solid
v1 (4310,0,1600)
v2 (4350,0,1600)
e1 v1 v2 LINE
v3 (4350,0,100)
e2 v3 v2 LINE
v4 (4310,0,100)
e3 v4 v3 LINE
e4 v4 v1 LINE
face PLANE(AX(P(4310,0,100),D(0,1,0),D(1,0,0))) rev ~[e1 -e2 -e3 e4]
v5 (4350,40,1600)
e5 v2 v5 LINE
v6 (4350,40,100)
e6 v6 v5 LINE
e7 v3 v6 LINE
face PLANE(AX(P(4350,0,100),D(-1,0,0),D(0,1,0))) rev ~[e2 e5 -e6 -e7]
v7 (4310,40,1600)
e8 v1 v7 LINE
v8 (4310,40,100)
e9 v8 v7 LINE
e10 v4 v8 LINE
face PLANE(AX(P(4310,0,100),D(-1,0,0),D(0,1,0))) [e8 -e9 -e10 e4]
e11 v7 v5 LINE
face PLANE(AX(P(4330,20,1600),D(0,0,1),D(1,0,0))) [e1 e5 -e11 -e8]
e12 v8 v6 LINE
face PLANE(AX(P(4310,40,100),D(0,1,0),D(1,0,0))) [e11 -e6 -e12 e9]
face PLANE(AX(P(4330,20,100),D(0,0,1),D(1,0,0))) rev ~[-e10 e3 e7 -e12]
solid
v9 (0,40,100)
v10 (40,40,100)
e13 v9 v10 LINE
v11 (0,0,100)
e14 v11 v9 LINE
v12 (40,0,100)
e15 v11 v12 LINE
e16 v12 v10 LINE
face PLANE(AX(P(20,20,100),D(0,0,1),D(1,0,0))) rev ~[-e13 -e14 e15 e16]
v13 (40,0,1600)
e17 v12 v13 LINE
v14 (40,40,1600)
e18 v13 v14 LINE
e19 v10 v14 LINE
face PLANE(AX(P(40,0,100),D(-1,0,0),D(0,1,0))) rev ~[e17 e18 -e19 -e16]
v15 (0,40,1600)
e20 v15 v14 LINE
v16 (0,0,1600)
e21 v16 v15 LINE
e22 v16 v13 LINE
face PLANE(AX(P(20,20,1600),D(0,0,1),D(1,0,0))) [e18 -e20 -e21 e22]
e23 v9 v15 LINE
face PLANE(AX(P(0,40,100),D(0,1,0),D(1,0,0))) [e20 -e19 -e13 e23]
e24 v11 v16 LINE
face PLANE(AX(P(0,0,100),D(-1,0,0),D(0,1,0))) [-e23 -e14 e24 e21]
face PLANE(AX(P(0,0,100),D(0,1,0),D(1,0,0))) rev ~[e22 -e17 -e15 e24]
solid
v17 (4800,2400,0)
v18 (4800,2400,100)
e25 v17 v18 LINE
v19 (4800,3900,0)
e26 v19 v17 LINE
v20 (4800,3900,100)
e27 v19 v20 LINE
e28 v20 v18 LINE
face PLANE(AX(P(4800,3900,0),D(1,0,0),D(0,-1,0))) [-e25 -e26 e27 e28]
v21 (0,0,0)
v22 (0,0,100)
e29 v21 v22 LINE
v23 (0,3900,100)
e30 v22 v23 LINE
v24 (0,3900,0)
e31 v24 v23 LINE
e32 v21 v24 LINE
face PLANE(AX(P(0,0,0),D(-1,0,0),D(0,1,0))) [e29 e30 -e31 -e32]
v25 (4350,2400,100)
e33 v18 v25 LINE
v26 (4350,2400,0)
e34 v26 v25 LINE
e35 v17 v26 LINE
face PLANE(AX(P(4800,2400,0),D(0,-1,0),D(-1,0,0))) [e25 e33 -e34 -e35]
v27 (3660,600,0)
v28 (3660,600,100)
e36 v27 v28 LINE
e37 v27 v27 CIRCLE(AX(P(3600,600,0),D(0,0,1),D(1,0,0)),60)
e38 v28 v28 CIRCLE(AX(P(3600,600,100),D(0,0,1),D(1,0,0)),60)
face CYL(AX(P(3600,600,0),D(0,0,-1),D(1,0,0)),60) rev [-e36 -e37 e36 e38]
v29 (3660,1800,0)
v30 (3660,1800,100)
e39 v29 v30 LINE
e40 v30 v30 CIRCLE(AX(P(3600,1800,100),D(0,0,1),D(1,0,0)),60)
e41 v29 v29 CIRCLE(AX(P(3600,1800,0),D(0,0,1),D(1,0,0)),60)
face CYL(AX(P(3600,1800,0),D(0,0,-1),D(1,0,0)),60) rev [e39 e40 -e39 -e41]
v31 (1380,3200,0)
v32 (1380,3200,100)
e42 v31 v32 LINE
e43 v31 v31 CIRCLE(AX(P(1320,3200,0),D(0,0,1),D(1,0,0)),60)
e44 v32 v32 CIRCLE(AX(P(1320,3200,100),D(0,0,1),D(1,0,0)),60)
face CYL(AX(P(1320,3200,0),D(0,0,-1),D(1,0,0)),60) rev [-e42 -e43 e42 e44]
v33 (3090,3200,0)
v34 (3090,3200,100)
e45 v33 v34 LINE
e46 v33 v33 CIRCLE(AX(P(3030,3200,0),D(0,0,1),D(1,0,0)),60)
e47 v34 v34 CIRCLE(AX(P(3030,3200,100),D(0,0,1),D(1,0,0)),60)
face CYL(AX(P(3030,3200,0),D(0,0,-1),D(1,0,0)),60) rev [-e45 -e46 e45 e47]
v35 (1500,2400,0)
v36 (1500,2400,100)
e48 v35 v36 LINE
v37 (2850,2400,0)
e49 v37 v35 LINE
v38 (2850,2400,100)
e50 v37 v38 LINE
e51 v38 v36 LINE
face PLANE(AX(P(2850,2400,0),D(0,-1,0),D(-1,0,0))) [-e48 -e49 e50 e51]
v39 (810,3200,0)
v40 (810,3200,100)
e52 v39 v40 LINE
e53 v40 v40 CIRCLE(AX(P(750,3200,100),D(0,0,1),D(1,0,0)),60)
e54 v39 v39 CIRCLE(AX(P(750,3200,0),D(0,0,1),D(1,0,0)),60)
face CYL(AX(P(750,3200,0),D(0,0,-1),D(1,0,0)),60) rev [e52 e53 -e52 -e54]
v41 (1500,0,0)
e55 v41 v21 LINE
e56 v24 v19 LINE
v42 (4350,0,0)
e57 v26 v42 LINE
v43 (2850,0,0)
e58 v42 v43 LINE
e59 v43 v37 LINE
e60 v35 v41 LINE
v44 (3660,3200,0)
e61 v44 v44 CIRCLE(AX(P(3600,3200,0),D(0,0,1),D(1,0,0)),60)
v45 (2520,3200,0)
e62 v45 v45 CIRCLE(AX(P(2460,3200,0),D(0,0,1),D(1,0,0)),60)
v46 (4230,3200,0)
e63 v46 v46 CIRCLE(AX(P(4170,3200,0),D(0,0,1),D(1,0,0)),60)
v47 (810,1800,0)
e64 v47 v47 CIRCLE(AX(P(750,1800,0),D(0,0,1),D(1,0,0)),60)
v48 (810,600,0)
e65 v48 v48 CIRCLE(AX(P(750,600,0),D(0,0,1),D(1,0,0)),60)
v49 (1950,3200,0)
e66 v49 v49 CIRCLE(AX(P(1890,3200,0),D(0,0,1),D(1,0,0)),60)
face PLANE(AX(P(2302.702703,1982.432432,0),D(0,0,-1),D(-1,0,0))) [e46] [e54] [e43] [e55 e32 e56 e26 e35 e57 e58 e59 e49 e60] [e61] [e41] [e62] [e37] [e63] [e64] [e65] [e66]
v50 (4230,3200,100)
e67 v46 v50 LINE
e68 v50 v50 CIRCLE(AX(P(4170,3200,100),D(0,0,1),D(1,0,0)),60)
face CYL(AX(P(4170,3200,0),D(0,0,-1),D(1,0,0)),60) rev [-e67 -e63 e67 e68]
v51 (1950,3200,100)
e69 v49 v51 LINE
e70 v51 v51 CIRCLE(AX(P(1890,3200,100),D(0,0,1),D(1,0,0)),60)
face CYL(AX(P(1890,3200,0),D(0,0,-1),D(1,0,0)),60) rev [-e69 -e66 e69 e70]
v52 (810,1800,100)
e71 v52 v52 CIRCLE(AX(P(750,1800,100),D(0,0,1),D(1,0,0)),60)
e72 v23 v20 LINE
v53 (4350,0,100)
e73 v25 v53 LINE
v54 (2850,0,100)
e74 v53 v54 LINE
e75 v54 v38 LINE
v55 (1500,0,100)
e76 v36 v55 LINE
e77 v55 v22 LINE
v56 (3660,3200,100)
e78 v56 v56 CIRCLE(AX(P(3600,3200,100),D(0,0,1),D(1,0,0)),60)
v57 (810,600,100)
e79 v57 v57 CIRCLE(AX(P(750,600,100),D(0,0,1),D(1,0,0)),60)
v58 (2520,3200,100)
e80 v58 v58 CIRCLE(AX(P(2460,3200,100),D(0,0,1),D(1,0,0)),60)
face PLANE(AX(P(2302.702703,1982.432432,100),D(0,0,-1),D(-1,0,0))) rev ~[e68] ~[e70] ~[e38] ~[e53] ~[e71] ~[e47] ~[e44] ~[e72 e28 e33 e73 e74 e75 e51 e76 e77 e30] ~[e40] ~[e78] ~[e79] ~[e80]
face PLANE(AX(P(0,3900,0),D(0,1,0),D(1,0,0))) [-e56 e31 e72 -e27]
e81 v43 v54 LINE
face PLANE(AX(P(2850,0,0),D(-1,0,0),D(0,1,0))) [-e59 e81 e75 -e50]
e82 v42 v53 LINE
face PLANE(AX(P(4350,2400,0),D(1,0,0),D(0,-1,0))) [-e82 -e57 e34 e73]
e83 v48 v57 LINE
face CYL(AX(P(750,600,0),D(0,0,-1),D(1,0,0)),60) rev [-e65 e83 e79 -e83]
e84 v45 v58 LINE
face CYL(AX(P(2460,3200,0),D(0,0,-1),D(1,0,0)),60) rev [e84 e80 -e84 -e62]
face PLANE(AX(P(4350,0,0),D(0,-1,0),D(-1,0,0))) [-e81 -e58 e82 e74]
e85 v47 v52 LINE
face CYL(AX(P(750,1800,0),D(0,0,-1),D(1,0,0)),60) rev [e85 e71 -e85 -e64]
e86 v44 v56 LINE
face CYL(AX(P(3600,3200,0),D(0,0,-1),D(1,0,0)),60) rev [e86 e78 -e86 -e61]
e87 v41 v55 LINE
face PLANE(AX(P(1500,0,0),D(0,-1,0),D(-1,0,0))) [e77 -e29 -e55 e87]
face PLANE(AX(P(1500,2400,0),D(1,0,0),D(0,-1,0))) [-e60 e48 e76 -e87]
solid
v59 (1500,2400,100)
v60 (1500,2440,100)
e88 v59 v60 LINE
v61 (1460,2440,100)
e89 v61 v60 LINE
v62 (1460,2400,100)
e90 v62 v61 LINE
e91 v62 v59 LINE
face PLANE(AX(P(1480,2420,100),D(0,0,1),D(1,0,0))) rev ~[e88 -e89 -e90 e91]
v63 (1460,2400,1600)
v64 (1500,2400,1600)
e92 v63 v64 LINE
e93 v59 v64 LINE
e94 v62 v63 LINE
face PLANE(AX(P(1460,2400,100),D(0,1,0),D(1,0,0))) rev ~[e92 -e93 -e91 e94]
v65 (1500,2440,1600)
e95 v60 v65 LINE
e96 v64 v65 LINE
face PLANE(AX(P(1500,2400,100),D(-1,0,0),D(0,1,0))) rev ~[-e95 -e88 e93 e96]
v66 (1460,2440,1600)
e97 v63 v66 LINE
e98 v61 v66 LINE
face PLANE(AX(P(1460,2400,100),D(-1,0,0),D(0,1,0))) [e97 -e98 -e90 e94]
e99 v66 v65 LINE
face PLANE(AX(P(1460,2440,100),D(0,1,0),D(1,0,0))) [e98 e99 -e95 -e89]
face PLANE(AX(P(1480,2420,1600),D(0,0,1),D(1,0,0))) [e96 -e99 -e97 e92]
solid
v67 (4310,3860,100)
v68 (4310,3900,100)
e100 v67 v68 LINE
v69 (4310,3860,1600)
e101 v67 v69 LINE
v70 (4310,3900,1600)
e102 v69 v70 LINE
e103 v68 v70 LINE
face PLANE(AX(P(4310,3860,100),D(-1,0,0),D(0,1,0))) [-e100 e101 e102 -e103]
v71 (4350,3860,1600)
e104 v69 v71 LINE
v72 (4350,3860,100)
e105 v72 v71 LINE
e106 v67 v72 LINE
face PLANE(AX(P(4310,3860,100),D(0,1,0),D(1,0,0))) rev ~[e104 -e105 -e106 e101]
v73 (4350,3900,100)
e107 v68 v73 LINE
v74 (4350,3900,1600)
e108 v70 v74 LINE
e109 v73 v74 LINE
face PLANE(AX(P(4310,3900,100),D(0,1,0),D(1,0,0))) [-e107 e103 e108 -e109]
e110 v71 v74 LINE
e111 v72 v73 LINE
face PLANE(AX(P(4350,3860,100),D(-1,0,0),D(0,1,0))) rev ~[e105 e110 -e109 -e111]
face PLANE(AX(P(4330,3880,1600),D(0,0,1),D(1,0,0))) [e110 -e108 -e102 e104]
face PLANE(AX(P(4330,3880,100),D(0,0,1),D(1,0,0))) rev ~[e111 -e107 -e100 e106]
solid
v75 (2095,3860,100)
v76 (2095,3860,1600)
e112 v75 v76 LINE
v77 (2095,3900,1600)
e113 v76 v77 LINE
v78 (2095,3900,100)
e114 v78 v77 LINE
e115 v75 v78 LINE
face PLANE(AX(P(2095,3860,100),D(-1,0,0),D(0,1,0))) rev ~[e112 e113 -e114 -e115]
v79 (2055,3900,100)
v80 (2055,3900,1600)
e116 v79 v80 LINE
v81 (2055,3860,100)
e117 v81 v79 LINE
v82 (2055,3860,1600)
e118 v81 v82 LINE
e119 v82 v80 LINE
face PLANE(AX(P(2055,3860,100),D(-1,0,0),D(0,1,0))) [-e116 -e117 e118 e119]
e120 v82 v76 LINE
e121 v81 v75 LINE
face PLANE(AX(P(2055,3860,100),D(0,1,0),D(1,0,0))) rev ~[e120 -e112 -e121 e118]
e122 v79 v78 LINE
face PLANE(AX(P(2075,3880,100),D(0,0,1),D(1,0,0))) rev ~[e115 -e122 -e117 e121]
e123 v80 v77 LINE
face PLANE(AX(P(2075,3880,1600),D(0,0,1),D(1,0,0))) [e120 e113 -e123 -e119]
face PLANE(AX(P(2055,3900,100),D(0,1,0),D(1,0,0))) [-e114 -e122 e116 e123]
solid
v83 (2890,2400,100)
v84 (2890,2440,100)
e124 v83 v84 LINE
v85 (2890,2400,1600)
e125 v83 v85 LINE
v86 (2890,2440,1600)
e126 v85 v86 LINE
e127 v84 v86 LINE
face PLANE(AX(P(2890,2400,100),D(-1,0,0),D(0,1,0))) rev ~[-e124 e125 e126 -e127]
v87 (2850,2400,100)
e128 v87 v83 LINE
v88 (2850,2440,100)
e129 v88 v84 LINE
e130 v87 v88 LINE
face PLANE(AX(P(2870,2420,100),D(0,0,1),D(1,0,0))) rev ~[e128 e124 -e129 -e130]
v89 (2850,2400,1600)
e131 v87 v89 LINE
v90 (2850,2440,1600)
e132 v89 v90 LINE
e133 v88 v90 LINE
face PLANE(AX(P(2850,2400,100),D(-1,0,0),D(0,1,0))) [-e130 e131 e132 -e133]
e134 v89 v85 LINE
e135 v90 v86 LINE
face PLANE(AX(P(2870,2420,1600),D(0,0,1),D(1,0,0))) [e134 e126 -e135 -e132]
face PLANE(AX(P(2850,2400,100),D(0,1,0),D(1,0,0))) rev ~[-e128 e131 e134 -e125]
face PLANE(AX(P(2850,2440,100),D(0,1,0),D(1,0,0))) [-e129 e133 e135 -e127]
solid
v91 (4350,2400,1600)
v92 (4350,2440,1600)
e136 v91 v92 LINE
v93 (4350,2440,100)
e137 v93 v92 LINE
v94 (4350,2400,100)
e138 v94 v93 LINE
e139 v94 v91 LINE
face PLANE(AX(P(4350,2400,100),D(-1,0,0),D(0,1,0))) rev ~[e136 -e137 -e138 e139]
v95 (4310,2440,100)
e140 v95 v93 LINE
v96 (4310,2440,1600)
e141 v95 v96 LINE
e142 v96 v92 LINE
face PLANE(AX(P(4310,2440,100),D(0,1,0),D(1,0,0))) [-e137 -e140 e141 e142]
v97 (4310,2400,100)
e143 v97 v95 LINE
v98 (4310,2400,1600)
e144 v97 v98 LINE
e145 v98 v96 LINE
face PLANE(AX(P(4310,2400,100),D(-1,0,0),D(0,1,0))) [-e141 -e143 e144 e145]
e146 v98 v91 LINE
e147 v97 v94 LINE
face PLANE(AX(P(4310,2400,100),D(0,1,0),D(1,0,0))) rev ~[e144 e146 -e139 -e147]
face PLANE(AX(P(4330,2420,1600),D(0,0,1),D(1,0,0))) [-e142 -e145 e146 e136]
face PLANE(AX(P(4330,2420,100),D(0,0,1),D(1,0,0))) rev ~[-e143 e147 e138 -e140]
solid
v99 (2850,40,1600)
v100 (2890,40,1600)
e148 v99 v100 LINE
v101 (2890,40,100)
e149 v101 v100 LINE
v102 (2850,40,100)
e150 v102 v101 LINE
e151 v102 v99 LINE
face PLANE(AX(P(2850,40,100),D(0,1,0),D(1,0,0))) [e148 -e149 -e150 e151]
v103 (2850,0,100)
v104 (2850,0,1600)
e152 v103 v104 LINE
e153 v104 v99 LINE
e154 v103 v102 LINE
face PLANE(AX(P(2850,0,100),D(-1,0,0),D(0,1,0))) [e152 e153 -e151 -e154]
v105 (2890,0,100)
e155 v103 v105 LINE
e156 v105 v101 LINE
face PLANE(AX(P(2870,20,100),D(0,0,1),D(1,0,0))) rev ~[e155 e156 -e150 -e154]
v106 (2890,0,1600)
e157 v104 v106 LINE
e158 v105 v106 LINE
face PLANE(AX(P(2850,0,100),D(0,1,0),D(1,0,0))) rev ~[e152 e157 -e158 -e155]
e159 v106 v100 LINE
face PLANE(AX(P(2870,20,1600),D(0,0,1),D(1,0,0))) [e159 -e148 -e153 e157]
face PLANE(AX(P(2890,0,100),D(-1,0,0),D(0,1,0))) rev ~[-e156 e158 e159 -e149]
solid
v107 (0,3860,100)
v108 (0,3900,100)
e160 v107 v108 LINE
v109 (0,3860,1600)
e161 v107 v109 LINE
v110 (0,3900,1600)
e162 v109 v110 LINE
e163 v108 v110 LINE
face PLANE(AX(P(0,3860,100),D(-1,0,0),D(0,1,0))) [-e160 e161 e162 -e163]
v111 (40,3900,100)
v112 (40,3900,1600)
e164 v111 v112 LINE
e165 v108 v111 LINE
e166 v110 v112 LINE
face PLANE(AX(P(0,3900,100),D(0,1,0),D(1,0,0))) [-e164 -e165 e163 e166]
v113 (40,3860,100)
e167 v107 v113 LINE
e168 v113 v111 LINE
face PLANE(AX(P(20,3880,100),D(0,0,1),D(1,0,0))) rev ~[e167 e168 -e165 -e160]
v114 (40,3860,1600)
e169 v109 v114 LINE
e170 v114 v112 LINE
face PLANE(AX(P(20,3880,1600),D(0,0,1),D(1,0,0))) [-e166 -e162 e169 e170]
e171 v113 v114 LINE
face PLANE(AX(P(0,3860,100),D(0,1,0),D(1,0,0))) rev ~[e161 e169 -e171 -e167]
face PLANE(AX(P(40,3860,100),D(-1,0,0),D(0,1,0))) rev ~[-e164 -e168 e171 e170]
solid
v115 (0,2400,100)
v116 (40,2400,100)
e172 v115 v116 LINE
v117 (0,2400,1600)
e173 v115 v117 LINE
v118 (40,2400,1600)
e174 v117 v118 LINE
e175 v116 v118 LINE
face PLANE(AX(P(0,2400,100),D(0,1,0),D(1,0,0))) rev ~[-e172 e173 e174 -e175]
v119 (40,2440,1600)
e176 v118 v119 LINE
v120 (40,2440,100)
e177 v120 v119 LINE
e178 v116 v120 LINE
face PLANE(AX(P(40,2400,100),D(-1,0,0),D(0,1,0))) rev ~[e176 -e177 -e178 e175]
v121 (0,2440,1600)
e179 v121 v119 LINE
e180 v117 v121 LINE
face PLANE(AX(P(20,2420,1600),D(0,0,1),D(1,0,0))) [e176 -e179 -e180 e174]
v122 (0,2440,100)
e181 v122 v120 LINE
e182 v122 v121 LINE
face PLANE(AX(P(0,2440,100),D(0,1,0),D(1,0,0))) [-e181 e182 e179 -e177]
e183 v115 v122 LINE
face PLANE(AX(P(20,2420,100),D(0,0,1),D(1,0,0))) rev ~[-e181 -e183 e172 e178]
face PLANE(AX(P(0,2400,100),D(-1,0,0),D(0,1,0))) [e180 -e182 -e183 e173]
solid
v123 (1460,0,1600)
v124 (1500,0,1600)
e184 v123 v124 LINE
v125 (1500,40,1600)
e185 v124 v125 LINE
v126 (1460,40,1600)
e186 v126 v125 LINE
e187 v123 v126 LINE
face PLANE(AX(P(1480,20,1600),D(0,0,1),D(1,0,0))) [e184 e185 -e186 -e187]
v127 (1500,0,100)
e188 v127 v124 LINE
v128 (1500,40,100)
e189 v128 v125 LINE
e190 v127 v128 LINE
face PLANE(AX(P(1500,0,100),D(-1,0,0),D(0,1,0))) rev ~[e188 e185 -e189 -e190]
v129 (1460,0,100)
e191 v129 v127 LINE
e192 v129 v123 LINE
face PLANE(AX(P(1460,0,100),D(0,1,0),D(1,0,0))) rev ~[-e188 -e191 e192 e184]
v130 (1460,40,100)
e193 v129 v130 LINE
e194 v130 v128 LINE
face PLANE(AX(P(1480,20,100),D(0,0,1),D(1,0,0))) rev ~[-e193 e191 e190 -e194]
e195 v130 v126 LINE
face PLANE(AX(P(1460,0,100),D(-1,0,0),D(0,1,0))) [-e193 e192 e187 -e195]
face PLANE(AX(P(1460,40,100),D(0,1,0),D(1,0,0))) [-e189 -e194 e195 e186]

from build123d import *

# Parameters (mm, degrees)
SKETCH1_R              = 60
BOSS_EXTRUDE1_DEPTH    = 100
SKETCH2_W              = 40
SKETCH2_H              = 40
BOSS_EXTRUDE2_DEPTH    = 1500
BOSS_EXTRUDE2_2_DEPTH  = 1500
BOSS_EXTRUDE2_3_DEPTH  = 1500
BOSS_EXTRUDE2_4_DEPTH  = 1500
BOSS_EXTRUDE2_5_DEPTH  = 1500
BOSS_EXTRUDE2_6_DEPTH  = 1500
BOSS_EXTRUDE2_7_DEPTH  = 1500
BOSS_EXTRUDE2_8_DEPTH  = 1500
BOSS_EXTRUDE2_9_DEPTH  = 1500
BOSS_EXTRUDE2_10_DEPTH = 1500
BOSS_EXTRUDE2_11_DEPTH = 1500


with BuildPart() as part:
    # Sketch1 → Boss-Extrude1 (new body)
    with BuildSketch(Plane.XY):
        Polygon((0, 0), (0, 3900), (4800, 3900), (4800, 2400), (4350, 2400), (4350, 0), (2850, 0), (2850, 2400), (1500, 2400), (1500, 0), align=None)
        with Locations((750, 3200)):
            Circle(SKETCH1_R, mode=Mode.SUBTRACT)
        with Locations((1320, 3200)):
            Circle(SKETCH1_R, mode=Mode.SUBTRACT)
        with Locations((1890, 3200)):
            Circle(SKETCH1_R, mode=Mode.SUBTRACT)
        with Locations((2460, 3200)):
            Circle(SKETCH1_R, mode=Mode.SUBTRACT)
        with Locations((3030, 3200)):
            Circle(SKETCH1_R, mode=Mode.SUBTRACT)
        with Locations((3600, 3200)):
            Circle(SKETCH1_R, mode=Mode.SUBTRACT)
        with Locations((4170, 3200)):
            Circle(SKETCH1_R, mode=Mode.SUBTRACT)
        with Locations((750, 1800)):
            Circle(SKETCH1_R, mode=Mode.SUBTRACT)
        with Locations((750, 600)):
            Circle(SKETCH1_R, mode=Mode.SUBTRACT)
        with Locations((3600, 600)):
            Circle(SKETCH1_R, mode=Mode.SUBTRACT)
        with Locations((3600, 1800)):
            Circle(SKETCH1_R, mode=Mode.SUBTRACT)
    extrude(amount=BOSS_EXTRUDE1_DEPTH)


with BuildPart() as body_2:
    # Sketch2 → Boss-Extrude2 (new body)
    with BuildSketch(Plane.XY.offset(100)):
        with Locations((2870, 2420)):
            Rectangle(SKETCH2_W, SKETCH2_H)
    extrude(amount=BOSS_EXTRUDE2_DEPTH)


with BuildPart() as body_3:
    # Sketch2 → Boss-Extrude2 2 (new body)
    with BuildSketch(Plane.XY.offset(100)):
        with Locations((20, 3880)):
            Rectangle(SKETCH2_W, SKETCH2_H)
    extrude(amount=BOSS_EXTRUDE2_2_DEPTH)


with BuildPart() as body_4:
    # Sketch2 → Boss-Extrude2 3 (new body)
    with BuildSketch(Plane.XY.offset(100)):
        with Locations((20, 20)):
            Rectangle(SKETCH2_W, SKETCH2_H)
    extrude(amount=BOSS_EXTRUDE2_3_DEPTH)


with BuildPart() as body_5:
    # Sketch2 → Boss-Extrude2 4 (new body)
    with BuildSketch(Plane.XY.offset(100)):
        with Locations((1480, 20)):
            Rectangle(SKETCH2_W, SKETCH2_H)
    extrude(amount=BOSS_EXTRUDE2_4_DEPTH)


with BuildPart() as body_6:
    # Sketch2 → Boss-Extrude2 5 (new body)
    with BuildSketch(Plane.XY.offset(100)):
        with Locations((1480, 2420)):
            Rectangle(SKETCH2_W, SKETCH2_H)
    extrude(amount=BOSS_EXTRUDE2_5_DEPTH)


with BuildPart() as body_7:
    # Sketch2 → Boss-Extrude2 6 (new body)
    with BuildSketch(Plane.XY.offset(100)):
        with Locations((4330, 20)):
            Rectangle(SKETCH2_W, SKETCH2_H)
    extrude(amount=BOSS_EXTRUDE2_6_DEPTH)


with BuildPart() as body_8:
    # Sketch2 → Boss-Extrude2 7 (new body)
    with BuildSketch(Plane.XY.offset(100)):
        with Locations((2870, 20)):
            Rectangle(SKETCH2_W, SKETCH2_H)
    extrude(amount=BOSS_EXTRUDE2_7_DEPTH)


with BuildPart() as body_9:
    # Sketch2 → Boss-Extrude2 8 (new body)
    with BuildSketch(Plane.XY.offset(100)):
        with Locations((4330, 2420)):
            Rectangle(SKETCH2_W, SKETCH2_H)
    extrude(amount=BOSS_EXTRUDE2_8_DEPTH)


with BuildPart() as body_10:
    # Sketch2 → Boss-Extrude2 9 (new body)
    with BuildSketch(Plane.XY.offset(100)):
        with Locations((4330, 3880)):
            Rectangle(SKETCH2_W, SKETCH2_H)
    extrude(amount=BOSS_EXTRUDE2_9_DEPTH)


with BuildPart() as body_11:
    # Sketch2 → Boss-Extrude2 10 (new body)
    with BuildSketch(Plane.XY.offset(100)):
        with Locations((2075, 3880)):
            Rectangle(SKETCH2_W, SKETCH2_H)
    extrude(amount=BOSS_EXTRUDE2_10_DEPTH)


with BuildPart() as body_12:
    # Sketch2 → Boss-Extrude2 11 (new body)
    with BuildSketch(Plane.XY.offset(100)):
        with Locations((20, 2420)):
            Rectangle(SKETCH2_W, SKETCH2_H)
    extrude(amount=BOSS_EXTRUDE2_11_DEPTH)


solid = Compound([part.part, body_2.part, body_3.part, body_4.part, body_5.part, body_6.part, body_7.part, body_8.part, body_9.part, body_10.part, body_11.part, body_12.part])
